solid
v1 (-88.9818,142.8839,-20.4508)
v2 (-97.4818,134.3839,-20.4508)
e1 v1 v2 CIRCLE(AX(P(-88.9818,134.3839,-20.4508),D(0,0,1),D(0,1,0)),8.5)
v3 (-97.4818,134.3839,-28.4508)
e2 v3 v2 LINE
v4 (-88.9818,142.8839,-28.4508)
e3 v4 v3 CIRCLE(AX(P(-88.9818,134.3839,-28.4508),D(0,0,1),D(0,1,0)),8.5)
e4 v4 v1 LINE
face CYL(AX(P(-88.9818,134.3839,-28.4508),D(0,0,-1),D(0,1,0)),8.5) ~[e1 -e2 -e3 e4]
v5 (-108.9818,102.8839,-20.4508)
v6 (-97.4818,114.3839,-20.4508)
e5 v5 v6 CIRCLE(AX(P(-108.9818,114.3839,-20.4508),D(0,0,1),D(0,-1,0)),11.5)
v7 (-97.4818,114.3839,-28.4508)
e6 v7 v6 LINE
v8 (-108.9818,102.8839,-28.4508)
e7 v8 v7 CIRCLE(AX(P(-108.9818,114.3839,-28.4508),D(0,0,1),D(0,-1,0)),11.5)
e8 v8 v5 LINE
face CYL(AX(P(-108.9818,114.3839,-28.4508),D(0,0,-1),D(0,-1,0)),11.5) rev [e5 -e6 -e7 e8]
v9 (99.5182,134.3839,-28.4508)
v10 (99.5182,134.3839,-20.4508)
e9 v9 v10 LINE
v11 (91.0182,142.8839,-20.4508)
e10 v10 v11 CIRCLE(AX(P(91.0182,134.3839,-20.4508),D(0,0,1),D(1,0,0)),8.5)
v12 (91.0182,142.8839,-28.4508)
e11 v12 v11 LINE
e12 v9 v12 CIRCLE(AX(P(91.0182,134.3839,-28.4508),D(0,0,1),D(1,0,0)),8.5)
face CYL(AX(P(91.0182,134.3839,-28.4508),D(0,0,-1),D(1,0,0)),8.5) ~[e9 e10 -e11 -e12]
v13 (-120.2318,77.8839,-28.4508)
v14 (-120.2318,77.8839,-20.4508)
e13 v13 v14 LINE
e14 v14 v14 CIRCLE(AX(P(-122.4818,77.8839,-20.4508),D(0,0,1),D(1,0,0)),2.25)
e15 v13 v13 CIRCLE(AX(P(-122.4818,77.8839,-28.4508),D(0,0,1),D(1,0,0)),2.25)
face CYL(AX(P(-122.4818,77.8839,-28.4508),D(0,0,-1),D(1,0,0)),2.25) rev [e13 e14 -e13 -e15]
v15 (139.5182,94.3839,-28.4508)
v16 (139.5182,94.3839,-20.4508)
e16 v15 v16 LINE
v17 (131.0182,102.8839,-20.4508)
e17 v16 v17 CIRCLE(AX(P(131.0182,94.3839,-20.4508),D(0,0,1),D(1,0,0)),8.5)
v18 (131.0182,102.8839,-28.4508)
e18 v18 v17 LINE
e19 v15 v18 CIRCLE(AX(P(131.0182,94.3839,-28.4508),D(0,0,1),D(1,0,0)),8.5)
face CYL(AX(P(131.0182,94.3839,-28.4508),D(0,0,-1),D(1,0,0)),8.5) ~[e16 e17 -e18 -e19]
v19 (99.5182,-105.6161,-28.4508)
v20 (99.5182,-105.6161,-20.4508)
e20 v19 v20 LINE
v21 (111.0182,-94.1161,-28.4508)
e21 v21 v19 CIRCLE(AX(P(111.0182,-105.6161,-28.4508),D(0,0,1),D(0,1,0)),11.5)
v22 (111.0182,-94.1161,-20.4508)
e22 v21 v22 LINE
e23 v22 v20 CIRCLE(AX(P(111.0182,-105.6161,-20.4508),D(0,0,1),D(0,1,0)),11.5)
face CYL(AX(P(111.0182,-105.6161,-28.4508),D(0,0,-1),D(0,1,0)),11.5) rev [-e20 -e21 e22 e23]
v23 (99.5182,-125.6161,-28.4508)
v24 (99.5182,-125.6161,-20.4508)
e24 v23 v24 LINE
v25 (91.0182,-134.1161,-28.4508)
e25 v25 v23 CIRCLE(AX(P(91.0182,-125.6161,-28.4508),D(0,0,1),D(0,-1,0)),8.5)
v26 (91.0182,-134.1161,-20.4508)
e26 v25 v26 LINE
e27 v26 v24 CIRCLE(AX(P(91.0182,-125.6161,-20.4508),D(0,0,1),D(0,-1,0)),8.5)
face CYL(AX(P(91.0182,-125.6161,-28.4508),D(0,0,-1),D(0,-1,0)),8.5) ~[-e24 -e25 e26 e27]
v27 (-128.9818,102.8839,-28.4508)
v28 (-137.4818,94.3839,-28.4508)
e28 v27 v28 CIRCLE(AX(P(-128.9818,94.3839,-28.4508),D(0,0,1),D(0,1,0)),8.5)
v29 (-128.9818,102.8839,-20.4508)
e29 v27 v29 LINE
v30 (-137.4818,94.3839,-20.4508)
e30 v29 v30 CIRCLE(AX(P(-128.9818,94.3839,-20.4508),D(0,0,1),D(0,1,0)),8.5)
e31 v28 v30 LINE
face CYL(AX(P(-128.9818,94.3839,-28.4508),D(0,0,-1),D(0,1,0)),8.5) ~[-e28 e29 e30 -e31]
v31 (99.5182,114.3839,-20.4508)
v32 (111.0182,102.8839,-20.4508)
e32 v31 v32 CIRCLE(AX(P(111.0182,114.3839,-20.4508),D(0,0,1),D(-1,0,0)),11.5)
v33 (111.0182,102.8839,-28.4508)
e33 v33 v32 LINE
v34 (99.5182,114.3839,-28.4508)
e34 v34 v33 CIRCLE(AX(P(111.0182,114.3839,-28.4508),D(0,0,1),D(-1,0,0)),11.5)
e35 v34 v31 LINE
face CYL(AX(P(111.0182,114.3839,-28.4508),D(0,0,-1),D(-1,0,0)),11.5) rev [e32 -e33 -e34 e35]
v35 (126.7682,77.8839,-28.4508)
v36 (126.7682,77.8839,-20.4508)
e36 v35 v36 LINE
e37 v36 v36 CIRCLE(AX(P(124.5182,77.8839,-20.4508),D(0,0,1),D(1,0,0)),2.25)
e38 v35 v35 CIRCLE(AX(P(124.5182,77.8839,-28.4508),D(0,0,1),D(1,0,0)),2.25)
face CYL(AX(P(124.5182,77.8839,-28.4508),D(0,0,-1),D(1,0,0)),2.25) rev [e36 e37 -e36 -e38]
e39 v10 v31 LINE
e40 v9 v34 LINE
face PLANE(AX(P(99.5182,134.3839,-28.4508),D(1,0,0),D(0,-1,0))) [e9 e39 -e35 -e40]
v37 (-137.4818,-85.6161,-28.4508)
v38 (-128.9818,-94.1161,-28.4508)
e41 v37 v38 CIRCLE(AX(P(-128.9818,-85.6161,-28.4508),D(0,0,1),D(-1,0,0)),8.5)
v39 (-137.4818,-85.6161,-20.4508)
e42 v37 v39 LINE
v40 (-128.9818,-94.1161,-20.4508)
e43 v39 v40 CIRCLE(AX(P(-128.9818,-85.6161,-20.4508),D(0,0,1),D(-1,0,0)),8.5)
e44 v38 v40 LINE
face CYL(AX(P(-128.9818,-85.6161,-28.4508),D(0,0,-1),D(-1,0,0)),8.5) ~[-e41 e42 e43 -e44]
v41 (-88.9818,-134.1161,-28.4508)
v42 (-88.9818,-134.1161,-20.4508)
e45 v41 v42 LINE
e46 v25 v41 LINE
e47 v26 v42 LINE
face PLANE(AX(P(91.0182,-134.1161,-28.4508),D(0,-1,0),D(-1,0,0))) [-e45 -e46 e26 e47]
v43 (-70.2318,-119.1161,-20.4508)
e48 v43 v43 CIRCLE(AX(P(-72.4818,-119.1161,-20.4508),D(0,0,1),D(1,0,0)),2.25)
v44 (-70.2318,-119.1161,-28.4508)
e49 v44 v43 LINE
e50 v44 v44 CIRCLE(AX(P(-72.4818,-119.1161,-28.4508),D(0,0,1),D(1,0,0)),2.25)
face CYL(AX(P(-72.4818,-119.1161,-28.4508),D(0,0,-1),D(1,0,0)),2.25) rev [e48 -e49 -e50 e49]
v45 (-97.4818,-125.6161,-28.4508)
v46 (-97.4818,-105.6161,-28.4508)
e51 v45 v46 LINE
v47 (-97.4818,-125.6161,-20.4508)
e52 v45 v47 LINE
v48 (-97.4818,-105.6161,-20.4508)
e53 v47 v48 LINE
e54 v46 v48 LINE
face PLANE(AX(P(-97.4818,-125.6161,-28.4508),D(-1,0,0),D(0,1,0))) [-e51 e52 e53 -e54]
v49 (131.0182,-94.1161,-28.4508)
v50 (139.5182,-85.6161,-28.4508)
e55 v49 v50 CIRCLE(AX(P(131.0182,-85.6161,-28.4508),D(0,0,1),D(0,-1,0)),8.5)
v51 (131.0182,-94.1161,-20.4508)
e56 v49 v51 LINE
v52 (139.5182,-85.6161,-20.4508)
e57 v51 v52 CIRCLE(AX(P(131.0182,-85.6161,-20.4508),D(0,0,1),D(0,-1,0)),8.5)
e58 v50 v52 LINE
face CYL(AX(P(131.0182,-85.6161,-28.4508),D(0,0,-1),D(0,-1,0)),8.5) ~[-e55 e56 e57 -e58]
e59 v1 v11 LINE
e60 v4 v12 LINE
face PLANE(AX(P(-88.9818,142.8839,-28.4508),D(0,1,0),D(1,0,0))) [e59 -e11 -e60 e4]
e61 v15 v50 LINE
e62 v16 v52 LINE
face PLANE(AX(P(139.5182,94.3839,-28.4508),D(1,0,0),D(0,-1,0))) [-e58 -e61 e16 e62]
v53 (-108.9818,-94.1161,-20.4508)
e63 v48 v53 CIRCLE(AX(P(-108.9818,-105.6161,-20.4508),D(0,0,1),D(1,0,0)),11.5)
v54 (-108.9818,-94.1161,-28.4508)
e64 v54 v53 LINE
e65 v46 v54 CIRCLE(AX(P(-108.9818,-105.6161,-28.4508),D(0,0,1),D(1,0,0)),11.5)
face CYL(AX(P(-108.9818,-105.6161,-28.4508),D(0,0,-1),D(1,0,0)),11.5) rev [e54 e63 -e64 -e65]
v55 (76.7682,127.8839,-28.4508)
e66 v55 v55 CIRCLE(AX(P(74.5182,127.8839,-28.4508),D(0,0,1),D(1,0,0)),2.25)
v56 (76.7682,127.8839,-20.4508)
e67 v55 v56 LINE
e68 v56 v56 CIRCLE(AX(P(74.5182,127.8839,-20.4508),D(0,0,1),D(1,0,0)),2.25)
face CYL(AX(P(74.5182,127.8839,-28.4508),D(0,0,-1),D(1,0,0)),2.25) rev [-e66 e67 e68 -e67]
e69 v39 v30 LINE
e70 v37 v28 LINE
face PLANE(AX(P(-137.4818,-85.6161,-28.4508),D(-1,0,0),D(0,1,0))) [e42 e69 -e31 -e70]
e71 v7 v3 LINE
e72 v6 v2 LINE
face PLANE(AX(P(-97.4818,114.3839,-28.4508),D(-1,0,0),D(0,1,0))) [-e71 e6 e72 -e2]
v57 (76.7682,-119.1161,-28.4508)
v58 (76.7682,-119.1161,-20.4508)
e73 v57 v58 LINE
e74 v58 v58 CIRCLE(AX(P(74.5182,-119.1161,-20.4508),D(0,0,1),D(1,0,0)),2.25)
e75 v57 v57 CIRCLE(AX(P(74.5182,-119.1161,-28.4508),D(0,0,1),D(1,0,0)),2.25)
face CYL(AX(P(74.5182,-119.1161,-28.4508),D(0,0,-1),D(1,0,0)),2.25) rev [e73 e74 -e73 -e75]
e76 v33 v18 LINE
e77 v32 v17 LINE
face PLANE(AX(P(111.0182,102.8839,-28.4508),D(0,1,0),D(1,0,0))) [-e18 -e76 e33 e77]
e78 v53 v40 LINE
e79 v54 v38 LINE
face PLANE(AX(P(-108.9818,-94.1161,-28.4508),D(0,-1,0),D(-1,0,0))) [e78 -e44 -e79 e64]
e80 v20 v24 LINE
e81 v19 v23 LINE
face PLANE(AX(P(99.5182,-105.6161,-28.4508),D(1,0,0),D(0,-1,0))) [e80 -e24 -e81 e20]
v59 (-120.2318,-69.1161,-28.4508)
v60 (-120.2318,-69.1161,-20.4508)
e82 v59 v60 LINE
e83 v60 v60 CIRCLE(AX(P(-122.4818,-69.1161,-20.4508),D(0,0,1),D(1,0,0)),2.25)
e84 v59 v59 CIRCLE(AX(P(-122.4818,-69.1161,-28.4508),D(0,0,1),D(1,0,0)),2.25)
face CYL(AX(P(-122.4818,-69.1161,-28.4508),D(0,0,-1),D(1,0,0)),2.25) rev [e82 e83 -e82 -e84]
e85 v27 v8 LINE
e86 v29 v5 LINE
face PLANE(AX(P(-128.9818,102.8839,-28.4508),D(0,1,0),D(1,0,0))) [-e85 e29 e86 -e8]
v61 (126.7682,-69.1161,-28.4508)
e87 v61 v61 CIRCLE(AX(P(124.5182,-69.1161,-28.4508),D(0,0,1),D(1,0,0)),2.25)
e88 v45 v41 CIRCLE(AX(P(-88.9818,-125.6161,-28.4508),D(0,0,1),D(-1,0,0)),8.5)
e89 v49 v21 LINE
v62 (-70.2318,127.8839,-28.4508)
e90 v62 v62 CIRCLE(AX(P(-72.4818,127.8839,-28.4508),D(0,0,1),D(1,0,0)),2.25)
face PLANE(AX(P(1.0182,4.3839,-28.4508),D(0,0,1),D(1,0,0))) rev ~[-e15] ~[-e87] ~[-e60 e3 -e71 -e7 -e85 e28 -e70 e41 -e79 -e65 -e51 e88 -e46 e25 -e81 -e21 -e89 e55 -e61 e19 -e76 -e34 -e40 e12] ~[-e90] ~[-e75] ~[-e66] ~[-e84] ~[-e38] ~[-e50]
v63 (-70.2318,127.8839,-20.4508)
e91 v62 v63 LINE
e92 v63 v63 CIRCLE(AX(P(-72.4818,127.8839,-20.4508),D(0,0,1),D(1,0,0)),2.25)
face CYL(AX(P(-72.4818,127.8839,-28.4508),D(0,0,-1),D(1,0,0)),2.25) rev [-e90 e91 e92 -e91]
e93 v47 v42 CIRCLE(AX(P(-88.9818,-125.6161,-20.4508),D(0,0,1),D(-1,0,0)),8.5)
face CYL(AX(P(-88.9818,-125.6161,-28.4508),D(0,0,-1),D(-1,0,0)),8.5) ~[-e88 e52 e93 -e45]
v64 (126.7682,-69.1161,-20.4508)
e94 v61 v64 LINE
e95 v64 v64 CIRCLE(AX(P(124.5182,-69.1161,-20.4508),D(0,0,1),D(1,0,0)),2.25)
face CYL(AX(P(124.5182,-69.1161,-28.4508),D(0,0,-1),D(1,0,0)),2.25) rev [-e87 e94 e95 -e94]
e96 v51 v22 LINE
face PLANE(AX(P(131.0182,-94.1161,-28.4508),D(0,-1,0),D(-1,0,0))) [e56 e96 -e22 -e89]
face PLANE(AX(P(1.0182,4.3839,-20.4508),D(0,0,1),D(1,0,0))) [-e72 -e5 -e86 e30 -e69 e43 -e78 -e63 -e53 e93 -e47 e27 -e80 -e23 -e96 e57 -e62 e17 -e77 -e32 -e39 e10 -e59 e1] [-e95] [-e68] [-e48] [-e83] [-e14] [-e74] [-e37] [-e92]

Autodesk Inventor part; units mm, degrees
ref_plane "YZ Plane" through (0, 0, 0) normal (1, 0, 0) x (0, 1, 0)
ref_plane "XZ Plane" through (0, 0, 0) normal (0, 1, 0) x (-1, 0, 0)
ref_plane "Work Plane1" through (1.0182, 4.3839, -28.4508) normal (0, 0, 1) x (1, 0, 0)
sketch "Sketch4" plane through (1.0182, 4.3839, -28.4508) normal (0, 0, 1) x (1, 0, 0)
  arc A0 (100, 130) -> (90, 140) centre (90, 130) ccw construction
  line L0 (-90, 140) -> (90, 140) construction
  arc A1 (-90, 140) -> (-100, 130) centre (-90, 130) ccw construction
  line L1 (-100, 110) -> (-100, 130) construction
  arc A2 (-110, 100) -> (-100, 110) centre (-110, 110) ccw construction
  line L2 (-130, 100) -> (-110, 100) construction
  arc A3 (-130, 100) -> (-140, 90) centre (-130, 90) ccw construction
  line L3 (-140, -90) -> (-140, 90) construction
  arc A4 (-140, -90) -> (-130, -100) centre (-130, -90) ccw construction
  line L4 (-110, -100) -> (-130, -100) construction
  arc A5 (-100, -110) -> (-110, -100) centre (-110, -110) ccw construction
  line L5 (-100, -130) -> (-100, -110) construction
  arc A6 (-100, -130) -> (-90, -140) centre (-90, -130) ccw construction
  line L6 (90, -140) -> (-90, -140) construction
  arc A7 (90, -140) -> (100, -130) centre (90, -130) ccw construction
  line L7 (100, -110) -> (100, -130) construction
  arc A8 (110, -100) -> (100, -110) centre (110, -110) ccw construction
  line L8 (130, -100) -> (110, -100) construction
  arc A9 (130, -100) -> (140, -90) centre (130, -90) ccw construction
  line L9 (140, 90) -> (140, -90) construction
  arc A10 (140, 90) -> (130, 100) centre (130, 90) ccw construction
  line L10 (110, 100) -> (130, 100) construction
  arc A11 (100, 110) -> (110, 100) centre (110, 110) ccw construction
  line L11 (100, 130) -> (100, 110) construction
  circle A12 centre (0, 125) radius 3.75 construction
  circle A13 centre (0, -125) radius 3.75 construction
  circle A14 centre (-125, 0) radius 3.75 construction
  circle A15 centre (125, 0) radius 3.75 construction
  arc A16 (98.5, 130) -> (90, 138.5) centre (90, 130) ccw
  line L12 (98.5, 130) -> (98.5, 110)
  arc A17 (98.5, 110) -> (110, 98.5) centre (110, 110) ccw
  line L13 (110, 98.5) -> (130, 98.5)
  arc A18 (138.5, 90) -> (130, 98.5) centre (130, 90) ccw
  line L14 (138.5, 90) -> (138.5, -90)
  arc A19 (130, -98.5) -> (138.5, -90) centre (130, -90) ccw
  line L15 (130, -98.5) -> (110, -98.5)
  arc A20 (110, -98.5) -> (98.5, -110) centre (110, -110) ccw
  line L16 (98.5, -110) -> (98.5, -130)
  arc A21 (90, -138.5) -> (98.5, -130) centre (90, -130) ccw
  line L17 (90, -138.5) -> (-90, -138.5)
  arc A22 (-98.5, -130) -> (-90, -138.5) centre (-90, -130) ccw
  line L18 (-98.5, -130) -> (-98.5, -110)
  arc A23 (-98.5, -110) -> (-110, -98.5) centre (-110, -110) ccw
  line L19 (-110, -98.5) -> (-130, -98.5)
  arc A24 (-138.5, -90) -> (-130, -98.5) centre (-130, -90) ccw
  line L20 (-138.5, -90) -> (-138.5, 90)
  arc A25 (-130, 98.5) -> (-138.5, 90) centre (-130, 90) ccw
  line L21 (-130, 98.5) -> (-110, 98.5)
  arc A26 (-110, 98.5) -> (-98.5, 110) centre (-110, 110) ccw
  line L22 (-98.5, 110) -> (-98.5, 130)
  arc A27 (-90, 138.5) -> (-98.5, 130) centre (-90, 130) ccw
  line L23 (-90, 138.5) -> (90, 138.5)
  circle A28 centre (-123.5, 73.5) radius 2.25
  circle A29 centre (-123.5, -73.5) radius 2.25
  circle A30 centre (-73.5, 123.5) radius 2.25
  line L24 (-177, 0) -> (223, 0) construction
  circle A31 centre (-73.5, -123.5) radius 2.25
  line L25 (0, -125) -> (0, 125) construction
  circle A32 centre (123.5, 73.5) radius 2.25
  circle A33 centre (123.5, -73.5) radius 2.25
  circle A34 centre (73.5, 123.5) radius 2.25
  circle A35 centre (73.5, -123.5) radius 2.25
  point P0 (-1.0182, -4.3839)
  dimension "d21" = 1.5
  dimension "d31" = 4.5
  dimension "d32" = 4.5
  dimension "d33" = 4.5
  dimension "d34" = 15
  dimension "d35" = 15
  dimension "d36" = 15
  dimension "d37" = 25
  dimension "d38" = 25
  dimension "d39" = 25
  dimension "d40" = 138.5
  dimension "d41" = 277
extrude "Extrusion3" add sketch "Sketch4" along normal blind 8
sketch "Sketch6" plane through (1.0182, 4.3839, -20.4508) normal (0, 0, 1) x (1, 0, 0)
  arc A0 (98.5, 130) -> (90, 138.5) centre (90, 130) ccw projected
  line L0 (90, 138.5) -> (-90, 138.5) projected
  arc A1 (-90, 138.5) -> (-98.5, 130) centre (-90, 130) ccw projected
  line L1 (-98.5, 130) -> (-98.5, 110) projected
  arc A2 (-110, 98.5) -> (-98.5, 110) centre (-110, 110) ccw projected
  line L2 (-110, 98.5) -> (-130, 98.5) projected
  arc A3 (-130, 98.5) -> (-138.5, 90) centre (-130, 90) ccw projected
  line L3 (-138.5, 90) -> (-138.5, -90) projected
  arc A4 (-138.5, -90) -> (-130, -98.5) centre (-130, -90) ccw projected
  line L4 (-130, -98.5) -> (-110, -98.5) projected
  arc A5 (-98.5, -110) -> (-110, -98.5) centre (-110, -110) ccw projected
  line L5 (-98.5, -110) -> (-98.5, -130) projected
  arc A6 (-98.5, -130) -> (-90, -138.5) centre (-90, -130) ccw projected
  line L6 (-90, -138.5) -> (90, -138.5) projected
  arc A7 (90, -138.5) -> (98.5, -130) centre (90, -130) ccw projected
  line L7 (98.5, -130) -> (98.5, -110) projected
  arc A8 (110, -98.5) -> (98.5, -110) centre (110, -110) ccw projected
  line L8 (110, -98.5) -> (130, -98.5) projected
  arc A9 (130, -98.5) -> (138.5, -90) centre (130, -90) ccw projected
  line L9 (138.5, -90) -> (138.5, 90) projected
  arc A10 (138.5, 90) -> (130, 98.5) centre (130, 90) ccw projected
  line L10 (130, 98.5) -> (110, 98.5) projected
  arc A11 (98.5, 110) -> (110, 98.5) centre (110, 110) ccw projected
  line L11 (98.5, 110) -> (98.5, 130) projected
  point P0 (-1.0182, -4.3839)
equation "\"d32\" = d31"
equation "\"d33\" = d32"
equation "\"d35\" = d34"
equation "\"d36\" = d35"
equation "\"d38\" = d37"
equation "\"d39\" = d38"
equation "\"d40\" = 0.5 * d41"
properties part number "_3DPrint"
